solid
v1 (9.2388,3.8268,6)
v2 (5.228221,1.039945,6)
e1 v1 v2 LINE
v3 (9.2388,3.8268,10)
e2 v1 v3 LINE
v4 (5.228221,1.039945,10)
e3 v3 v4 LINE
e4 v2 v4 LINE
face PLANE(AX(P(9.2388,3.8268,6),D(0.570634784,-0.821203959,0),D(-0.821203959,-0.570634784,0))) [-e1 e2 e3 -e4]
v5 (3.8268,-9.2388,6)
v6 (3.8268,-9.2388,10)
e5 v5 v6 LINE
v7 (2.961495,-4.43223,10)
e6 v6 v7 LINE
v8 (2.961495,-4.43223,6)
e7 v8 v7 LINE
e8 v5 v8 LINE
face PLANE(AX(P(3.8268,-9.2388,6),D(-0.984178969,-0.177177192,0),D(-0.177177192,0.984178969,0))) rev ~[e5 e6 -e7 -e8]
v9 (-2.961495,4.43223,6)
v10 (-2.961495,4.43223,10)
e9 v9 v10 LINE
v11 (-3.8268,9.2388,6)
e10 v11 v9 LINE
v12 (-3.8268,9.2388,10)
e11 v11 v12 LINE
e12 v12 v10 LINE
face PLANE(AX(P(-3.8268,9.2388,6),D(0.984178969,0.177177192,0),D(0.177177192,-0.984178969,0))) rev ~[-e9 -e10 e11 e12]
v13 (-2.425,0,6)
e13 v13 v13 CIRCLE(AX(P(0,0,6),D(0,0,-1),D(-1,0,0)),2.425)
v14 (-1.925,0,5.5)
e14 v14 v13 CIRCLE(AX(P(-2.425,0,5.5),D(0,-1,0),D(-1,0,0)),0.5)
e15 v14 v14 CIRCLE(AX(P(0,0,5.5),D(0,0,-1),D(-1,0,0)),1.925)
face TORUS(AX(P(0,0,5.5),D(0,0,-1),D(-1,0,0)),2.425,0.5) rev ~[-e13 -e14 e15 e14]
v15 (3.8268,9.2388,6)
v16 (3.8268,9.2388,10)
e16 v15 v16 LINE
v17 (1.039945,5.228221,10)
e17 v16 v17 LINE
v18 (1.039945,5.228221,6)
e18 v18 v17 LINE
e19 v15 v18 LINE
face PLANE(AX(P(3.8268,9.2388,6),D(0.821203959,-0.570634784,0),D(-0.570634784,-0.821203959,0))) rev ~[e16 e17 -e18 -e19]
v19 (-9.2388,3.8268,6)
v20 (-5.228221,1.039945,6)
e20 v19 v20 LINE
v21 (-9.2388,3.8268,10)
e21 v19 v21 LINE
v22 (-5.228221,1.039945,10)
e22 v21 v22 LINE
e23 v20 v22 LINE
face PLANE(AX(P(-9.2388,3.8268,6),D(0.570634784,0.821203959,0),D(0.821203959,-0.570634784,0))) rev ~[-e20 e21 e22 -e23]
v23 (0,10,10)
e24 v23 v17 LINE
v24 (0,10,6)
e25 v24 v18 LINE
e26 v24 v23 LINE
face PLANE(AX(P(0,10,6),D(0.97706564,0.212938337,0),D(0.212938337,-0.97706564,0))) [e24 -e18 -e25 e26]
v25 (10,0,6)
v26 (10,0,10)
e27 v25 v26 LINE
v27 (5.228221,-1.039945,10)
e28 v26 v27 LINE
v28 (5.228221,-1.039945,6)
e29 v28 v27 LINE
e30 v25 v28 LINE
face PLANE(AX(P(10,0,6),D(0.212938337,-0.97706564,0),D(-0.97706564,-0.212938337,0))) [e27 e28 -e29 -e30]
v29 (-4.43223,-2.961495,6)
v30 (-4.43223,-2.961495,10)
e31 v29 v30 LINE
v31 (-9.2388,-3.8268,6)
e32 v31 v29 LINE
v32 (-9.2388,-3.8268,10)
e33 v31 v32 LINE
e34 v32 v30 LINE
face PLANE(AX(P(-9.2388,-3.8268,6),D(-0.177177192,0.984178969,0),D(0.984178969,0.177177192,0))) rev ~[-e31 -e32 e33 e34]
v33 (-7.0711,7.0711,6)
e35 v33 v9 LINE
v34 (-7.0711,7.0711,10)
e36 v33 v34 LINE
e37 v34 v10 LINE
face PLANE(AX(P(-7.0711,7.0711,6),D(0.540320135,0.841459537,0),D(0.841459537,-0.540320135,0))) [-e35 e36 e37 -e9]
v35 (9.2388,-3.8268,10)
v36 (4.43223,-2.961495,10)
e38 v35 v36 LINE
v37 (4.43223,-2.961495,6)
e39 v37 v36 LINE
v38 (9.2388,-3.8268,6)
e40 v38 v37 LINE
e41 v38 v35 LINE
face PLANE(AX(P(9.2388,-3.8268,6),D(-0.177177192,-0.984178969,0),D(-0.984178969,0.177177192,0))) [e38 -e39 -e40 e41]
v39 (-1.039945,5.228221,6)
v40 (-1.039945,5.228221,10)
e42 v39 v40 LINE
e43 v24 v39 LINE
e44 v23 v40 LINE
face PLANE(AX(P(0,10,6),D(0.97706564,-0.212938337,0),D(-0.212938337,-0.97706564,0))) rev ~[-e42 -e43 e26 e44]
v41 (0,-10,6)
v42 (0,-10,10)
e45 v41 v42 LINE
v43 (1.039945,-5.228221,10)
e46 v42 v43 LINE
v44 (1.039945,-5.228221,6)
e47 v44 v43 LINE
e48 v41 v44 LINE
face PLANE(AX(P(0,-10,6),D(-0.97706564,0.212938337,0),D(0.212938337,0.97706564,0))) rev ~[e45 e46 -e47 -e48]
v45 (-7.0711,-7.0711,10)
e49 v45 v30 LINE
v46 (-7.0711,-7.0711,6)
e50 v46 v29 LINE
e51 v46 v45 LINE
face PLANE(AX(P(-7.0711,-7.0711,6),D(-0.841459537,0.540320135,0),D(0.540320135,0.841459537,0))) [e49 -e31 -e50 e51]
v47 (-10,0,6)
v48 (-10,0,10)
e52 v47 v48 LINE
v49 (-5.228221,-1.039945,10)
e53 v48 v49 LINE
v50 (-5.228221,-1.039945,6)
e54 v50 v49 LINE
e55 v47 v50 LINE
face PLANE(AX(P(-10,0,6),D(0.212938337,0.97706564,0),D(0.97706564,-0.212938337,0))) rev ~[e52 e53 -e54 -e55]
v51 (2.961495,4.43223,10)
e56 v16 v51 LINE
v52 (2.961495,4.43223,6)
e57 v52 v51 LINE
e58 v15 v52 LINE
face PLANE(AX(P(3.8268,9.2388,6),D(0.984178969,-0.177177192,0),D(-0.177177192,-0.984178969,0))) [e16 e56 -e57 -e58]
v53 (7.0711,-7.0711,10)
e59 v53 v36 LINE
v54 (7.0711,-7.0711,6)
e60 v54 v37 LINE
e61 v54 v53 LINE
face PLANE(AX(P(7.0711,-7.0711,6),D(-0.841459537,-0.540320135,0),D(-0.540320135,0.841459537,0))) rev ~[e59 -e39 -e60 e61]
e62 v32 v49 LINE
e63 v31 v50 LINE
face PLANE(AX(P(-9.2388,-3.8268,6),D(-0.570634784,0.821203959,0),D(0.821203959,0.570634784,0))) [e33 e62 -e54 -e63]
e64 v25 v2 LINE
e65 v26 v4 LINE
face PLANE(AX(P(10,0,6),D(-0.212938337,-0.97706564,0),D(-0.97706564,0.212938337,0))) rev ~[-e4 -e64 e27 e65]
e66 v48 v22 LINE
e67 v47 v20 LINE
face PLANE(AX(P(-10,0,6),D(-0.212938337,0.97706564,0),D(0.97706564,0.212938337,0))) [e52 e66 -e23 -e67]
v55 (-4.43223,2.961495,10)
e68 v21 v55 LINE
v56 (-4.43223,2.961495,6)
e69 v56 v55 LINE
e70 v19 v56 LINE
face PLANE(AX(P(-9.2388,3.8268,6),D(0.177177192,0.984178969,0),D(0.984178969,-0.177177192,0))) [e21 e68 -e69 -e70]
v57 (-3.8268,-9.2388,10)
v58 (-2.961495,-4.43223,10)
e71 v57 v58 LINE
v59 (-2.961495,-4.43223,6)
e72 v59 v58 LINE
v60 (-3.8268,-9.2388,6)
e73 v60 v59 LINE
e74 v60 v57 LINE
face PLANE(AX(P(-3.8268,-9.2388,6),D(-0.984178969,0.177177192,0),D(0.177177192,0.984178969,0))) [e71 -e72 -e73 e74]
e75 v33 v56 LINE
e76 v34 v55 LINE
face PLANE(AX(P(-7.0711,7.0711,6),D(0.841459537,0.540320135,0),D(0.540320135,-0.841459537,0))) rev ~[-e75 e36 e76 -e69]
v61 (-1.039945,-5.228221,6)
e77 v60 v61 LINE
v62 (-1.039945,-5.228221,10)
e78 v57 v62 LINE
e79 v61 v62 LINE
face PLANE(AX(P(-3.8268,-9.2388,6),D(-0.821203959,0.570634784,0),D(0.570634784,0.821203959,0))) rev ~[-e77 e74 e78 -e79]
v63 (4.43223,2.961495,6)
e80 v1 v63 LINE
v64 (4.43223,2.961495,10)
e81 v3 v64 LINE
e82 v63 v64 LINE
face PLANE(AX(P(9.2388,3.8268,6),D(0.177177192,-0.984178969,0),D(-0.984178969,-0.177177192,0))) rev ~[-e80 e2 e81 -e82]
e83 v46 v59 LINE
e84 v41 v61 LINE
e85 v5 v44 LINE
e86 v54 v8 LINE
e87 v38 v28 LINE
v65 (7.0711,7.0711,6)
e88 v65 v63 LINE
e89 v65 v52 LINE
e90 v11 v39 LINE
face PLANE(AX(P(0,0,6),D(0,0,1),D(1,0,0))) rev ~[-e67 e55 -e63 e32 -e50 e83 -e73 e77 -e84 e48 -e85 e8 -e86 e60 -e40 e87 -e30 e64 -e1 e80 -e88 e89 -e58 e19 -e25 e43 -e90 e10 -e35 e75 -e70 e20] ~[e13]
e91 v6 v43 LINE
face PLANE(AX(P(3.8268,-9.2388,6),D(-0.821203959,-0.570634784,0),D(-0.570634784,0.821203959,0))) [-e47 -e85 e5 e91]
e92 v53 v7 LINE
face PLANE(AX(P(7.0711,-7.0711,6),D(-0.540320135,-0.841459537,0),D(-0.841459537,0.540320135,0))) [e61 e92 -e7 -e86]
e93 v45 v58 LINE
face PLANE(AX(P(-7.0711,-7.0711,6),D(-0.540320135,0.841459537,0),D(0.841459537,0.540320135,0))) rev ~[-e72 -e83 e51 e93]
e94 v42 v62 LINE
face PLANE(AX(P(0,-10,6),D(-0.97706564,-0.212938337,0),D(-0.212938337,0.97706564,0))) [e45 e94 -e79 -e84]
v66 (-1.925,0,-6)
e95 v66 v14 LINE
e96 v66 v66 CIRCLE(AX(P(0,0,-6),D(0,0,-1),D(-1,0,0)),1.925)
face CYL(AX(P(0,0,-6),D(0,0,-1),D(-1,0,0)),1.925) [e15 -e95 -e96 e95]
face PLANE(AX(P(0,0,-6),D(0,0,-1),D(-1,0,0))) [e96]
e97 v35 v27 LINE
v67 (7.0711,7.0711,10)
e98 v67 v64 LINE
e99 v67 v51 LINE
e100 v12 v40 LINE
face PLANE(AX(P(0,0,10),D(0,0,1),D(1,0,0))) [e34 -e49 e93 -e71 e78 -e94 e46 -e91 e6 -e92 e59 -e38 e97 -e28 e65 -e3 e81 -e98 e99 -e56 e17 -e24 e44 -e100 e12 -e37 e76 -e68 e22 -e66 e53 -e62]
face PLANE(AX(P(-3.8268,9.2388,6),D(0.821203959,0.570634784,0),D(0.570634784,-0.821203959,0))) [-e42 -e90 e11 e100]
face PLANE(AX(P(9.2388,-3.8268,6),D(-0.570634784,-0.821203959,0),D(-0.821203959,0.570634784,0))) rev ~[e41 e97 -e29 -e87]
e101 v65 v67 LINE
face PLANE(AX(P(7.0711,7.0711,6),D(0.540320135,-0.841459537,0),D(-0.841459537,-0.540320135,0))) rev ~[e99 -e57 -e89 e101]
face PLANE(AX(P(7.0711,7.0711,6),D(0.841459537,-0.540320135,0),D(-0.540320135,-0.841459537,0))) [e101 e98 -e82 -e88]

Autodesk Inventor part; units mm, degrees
ref_plane "YZ Plane" through (0, 0, 0) normal (1, 0, 0) x (0, 1, 0)
ref_plane "XZ Plane" through (0, 0, 0) normal (0, 1, 0) x (-1, 0, 0)
ref_plane "XY Plane" through (0, 0, 0) normal (0, 0, 1) x (1, 0, 0)
sketch "Szkic1" plane through (0, 0, 0) normal (0, 0, 1) x (1, 0, 0)
  circle A0 centre (0, 0) radius 3.25
  dimension "d0" = 6.5
extrude "Wyciągnięcie proste1" add sketch "Szkic1" along normal blind 6
sketch "Szkic3" plane through (0, 0, 0) normal (0, 0, -1) x (-1, 0, 0)
  circle A0 centre (0, 0) radius 3.65
  dimension "d11" = 7.3
extrude "Wyciągnięcie proste3" add sketch "Szkic3" against normal blind 6
sketch "Szkic4" plane through (0, 0, 6) normal (0, 0, 1) x (1, 0, 0)
  circle A0 centre (0, 0) radius 3.65 projected
  circle A1 centre (0, 0) radius 3.65
  line L0 (0, 0) -> (0, 9)
  line L1 (0, 9) -> (0, 9.5)
  line L2 (0, 9.5) -> (6.3185, 9.5) construction
  line L3 (0, 9.5) -> (0, 10)
  line L4 (0, 10) -> (1.4493, 3.3499)
  line L5 (0, 10) -> (-1.4493, 3.3499)
  line L6 (-3.8268, 9.2388) -> (0.057, 3.6496)
  line L7 (-3.8268, 9.2388) -> (-2.6209, 2.5403)
  line L8 (-7.0711, 7.0711) -> (-1.344, 3.3936)
  line L9 (-7.0711, 7.0711) -> (-3.3936, 1.344)
  line L10 (-9.2388, 3.8268) -> (-2.5403, 2.6209)
  line L11 (-9.2388, 3.8268) -> (-3.6496, -0.057)
  line L12 (-10, 0) -> (-3.3499, 1.4493)
  line L13 (-10, 0) -> (-3.3499, -1.4493)
  line L14 (-9.2388, -3.8268) -> (-3.6496, 0.057)
  line L15 (-9.2388, -3.8268) -> (-2.5403, -2.6209)
  line L16 (-7.0711, -7.0711) -> (-3.3936, -1.344)
  line L17 (-7.0711, -7.0711) -> (-1.344, -3.3936)
  line L18 (-3.8268, -9.2388) -> (-2.6209, -2.5403)
  line L19 (-3.8268, -9.2388) -> (0.057, -3.6496)
  line L20 (0, -10) -> (-1.4493, -3.3499)
  line L21 (0, -10) -> (1.4493, -3.3499)
  line L22 (3.8268, -9.2388) -> (-0.057, -3.6496)
  line L23 (3.8268, -9.2388) -> (2.6209, -2.5403)
  line L24 (7.0711, -7.0711) -> (1.344, -3.3936)
  line L25 (7.0711, -7.0711) -> (3.3936, -1.344)
  line L26 (9.2388, -3.8268) -> (2.5403, -2.6209)
  line L27 (9.2388, -3.8268) -> (3.6496, 0.057)
  line L28 (10, 0) -> (3.3499, -1.4493)
  line L29 (10, 0) -> (3.3499, 1.4493)
  line L30 (9.2388, 3.8268) -> (3.6496, -0.057)
  line L31 (9.2388, 3.8268) -> (2.5403, 2.6209)
  line L32 (7.0711, 7.0711) -> (3.3936, 1.344)
  line L33 (7.0711, 7.0711) -> (1.344, 3.3936)
  line L34 (3.8268, 9.2388) -> (2.6209, 2.5403)
  line L35 (3.8268, 9.2388) -> (-0.057, 3.6496)
  point P0 (-2.9615, 4.4322)
  point P1 (-4.4322, 2.9615)
  point P2 (-5.2282, 1.0399)
  point P3 (-5.2282, -1.0399)
  point P4 (-4.4322, -2.9615)
  point P5 (-2.9615, -4.4322)
  point P6 (-1.0399, -5.2282)
  point P7 (1.0399, -5.2282)
  point P8 (2.9615, -4.4322)
  point P9 (4.4322, -2.9615)
  point P10 (5.2282, -1.0399)
  point P11 (5.2282, 1.0399)
  point P12 (4.4322, 2.9615)
  point P13 (2.9615, 4.4322)
  point P14 (1.0399, 5.2282)
  point P15 (-1.0399, 5.2282)
  dimension "d34" = 9
  dimension "d39" = 0.5
  dimension "d49" = 0.5
  dimension "d52" = 360
extrude "Wyciągnięcie proste4" add sketch "Szkic4" along normal blind 4
sketch "Szkic5" plane through (0, 0, 0) normal (0, 0, -1) x (-1, 0, 0)
  circle A0 centre (0, 0) radius 3.65
extrude "Wyciągnięcie proste5" add sketch "Szkic5" along normal blind 6
sketch "Szkic6" plane through (0, 0, -6) normal (0, 0, -1) x (-1, 0, 0)
  circle A0 centre (0, 0) radius 1.425
  circle A1 centre (0, 0) radius 3.65
  dimension "d30" = 2.85
extrude "Wyciągnięcie proste6" cut sketch "Szkic6" against normal blind 12
fillet "Zaokrąglenie1" radius 0.5 1 edges at (1.425, 0, 6)
sketch "Szkic7" plane through (0, 0, -6) normal (0, 0, -1) x (-1, 0, 0)
  circle A0 centre (0, 0) radius 1.925
  dimension "d45" = 3.85
extrude "Wyciągnięcie proste7" add sketch "Szkic7" against normal blind 12.75
fillet "Zaokrąglenie2" radius 0.5 1 edges at (1.925, 0, 6)
properties part number "GEAR"
